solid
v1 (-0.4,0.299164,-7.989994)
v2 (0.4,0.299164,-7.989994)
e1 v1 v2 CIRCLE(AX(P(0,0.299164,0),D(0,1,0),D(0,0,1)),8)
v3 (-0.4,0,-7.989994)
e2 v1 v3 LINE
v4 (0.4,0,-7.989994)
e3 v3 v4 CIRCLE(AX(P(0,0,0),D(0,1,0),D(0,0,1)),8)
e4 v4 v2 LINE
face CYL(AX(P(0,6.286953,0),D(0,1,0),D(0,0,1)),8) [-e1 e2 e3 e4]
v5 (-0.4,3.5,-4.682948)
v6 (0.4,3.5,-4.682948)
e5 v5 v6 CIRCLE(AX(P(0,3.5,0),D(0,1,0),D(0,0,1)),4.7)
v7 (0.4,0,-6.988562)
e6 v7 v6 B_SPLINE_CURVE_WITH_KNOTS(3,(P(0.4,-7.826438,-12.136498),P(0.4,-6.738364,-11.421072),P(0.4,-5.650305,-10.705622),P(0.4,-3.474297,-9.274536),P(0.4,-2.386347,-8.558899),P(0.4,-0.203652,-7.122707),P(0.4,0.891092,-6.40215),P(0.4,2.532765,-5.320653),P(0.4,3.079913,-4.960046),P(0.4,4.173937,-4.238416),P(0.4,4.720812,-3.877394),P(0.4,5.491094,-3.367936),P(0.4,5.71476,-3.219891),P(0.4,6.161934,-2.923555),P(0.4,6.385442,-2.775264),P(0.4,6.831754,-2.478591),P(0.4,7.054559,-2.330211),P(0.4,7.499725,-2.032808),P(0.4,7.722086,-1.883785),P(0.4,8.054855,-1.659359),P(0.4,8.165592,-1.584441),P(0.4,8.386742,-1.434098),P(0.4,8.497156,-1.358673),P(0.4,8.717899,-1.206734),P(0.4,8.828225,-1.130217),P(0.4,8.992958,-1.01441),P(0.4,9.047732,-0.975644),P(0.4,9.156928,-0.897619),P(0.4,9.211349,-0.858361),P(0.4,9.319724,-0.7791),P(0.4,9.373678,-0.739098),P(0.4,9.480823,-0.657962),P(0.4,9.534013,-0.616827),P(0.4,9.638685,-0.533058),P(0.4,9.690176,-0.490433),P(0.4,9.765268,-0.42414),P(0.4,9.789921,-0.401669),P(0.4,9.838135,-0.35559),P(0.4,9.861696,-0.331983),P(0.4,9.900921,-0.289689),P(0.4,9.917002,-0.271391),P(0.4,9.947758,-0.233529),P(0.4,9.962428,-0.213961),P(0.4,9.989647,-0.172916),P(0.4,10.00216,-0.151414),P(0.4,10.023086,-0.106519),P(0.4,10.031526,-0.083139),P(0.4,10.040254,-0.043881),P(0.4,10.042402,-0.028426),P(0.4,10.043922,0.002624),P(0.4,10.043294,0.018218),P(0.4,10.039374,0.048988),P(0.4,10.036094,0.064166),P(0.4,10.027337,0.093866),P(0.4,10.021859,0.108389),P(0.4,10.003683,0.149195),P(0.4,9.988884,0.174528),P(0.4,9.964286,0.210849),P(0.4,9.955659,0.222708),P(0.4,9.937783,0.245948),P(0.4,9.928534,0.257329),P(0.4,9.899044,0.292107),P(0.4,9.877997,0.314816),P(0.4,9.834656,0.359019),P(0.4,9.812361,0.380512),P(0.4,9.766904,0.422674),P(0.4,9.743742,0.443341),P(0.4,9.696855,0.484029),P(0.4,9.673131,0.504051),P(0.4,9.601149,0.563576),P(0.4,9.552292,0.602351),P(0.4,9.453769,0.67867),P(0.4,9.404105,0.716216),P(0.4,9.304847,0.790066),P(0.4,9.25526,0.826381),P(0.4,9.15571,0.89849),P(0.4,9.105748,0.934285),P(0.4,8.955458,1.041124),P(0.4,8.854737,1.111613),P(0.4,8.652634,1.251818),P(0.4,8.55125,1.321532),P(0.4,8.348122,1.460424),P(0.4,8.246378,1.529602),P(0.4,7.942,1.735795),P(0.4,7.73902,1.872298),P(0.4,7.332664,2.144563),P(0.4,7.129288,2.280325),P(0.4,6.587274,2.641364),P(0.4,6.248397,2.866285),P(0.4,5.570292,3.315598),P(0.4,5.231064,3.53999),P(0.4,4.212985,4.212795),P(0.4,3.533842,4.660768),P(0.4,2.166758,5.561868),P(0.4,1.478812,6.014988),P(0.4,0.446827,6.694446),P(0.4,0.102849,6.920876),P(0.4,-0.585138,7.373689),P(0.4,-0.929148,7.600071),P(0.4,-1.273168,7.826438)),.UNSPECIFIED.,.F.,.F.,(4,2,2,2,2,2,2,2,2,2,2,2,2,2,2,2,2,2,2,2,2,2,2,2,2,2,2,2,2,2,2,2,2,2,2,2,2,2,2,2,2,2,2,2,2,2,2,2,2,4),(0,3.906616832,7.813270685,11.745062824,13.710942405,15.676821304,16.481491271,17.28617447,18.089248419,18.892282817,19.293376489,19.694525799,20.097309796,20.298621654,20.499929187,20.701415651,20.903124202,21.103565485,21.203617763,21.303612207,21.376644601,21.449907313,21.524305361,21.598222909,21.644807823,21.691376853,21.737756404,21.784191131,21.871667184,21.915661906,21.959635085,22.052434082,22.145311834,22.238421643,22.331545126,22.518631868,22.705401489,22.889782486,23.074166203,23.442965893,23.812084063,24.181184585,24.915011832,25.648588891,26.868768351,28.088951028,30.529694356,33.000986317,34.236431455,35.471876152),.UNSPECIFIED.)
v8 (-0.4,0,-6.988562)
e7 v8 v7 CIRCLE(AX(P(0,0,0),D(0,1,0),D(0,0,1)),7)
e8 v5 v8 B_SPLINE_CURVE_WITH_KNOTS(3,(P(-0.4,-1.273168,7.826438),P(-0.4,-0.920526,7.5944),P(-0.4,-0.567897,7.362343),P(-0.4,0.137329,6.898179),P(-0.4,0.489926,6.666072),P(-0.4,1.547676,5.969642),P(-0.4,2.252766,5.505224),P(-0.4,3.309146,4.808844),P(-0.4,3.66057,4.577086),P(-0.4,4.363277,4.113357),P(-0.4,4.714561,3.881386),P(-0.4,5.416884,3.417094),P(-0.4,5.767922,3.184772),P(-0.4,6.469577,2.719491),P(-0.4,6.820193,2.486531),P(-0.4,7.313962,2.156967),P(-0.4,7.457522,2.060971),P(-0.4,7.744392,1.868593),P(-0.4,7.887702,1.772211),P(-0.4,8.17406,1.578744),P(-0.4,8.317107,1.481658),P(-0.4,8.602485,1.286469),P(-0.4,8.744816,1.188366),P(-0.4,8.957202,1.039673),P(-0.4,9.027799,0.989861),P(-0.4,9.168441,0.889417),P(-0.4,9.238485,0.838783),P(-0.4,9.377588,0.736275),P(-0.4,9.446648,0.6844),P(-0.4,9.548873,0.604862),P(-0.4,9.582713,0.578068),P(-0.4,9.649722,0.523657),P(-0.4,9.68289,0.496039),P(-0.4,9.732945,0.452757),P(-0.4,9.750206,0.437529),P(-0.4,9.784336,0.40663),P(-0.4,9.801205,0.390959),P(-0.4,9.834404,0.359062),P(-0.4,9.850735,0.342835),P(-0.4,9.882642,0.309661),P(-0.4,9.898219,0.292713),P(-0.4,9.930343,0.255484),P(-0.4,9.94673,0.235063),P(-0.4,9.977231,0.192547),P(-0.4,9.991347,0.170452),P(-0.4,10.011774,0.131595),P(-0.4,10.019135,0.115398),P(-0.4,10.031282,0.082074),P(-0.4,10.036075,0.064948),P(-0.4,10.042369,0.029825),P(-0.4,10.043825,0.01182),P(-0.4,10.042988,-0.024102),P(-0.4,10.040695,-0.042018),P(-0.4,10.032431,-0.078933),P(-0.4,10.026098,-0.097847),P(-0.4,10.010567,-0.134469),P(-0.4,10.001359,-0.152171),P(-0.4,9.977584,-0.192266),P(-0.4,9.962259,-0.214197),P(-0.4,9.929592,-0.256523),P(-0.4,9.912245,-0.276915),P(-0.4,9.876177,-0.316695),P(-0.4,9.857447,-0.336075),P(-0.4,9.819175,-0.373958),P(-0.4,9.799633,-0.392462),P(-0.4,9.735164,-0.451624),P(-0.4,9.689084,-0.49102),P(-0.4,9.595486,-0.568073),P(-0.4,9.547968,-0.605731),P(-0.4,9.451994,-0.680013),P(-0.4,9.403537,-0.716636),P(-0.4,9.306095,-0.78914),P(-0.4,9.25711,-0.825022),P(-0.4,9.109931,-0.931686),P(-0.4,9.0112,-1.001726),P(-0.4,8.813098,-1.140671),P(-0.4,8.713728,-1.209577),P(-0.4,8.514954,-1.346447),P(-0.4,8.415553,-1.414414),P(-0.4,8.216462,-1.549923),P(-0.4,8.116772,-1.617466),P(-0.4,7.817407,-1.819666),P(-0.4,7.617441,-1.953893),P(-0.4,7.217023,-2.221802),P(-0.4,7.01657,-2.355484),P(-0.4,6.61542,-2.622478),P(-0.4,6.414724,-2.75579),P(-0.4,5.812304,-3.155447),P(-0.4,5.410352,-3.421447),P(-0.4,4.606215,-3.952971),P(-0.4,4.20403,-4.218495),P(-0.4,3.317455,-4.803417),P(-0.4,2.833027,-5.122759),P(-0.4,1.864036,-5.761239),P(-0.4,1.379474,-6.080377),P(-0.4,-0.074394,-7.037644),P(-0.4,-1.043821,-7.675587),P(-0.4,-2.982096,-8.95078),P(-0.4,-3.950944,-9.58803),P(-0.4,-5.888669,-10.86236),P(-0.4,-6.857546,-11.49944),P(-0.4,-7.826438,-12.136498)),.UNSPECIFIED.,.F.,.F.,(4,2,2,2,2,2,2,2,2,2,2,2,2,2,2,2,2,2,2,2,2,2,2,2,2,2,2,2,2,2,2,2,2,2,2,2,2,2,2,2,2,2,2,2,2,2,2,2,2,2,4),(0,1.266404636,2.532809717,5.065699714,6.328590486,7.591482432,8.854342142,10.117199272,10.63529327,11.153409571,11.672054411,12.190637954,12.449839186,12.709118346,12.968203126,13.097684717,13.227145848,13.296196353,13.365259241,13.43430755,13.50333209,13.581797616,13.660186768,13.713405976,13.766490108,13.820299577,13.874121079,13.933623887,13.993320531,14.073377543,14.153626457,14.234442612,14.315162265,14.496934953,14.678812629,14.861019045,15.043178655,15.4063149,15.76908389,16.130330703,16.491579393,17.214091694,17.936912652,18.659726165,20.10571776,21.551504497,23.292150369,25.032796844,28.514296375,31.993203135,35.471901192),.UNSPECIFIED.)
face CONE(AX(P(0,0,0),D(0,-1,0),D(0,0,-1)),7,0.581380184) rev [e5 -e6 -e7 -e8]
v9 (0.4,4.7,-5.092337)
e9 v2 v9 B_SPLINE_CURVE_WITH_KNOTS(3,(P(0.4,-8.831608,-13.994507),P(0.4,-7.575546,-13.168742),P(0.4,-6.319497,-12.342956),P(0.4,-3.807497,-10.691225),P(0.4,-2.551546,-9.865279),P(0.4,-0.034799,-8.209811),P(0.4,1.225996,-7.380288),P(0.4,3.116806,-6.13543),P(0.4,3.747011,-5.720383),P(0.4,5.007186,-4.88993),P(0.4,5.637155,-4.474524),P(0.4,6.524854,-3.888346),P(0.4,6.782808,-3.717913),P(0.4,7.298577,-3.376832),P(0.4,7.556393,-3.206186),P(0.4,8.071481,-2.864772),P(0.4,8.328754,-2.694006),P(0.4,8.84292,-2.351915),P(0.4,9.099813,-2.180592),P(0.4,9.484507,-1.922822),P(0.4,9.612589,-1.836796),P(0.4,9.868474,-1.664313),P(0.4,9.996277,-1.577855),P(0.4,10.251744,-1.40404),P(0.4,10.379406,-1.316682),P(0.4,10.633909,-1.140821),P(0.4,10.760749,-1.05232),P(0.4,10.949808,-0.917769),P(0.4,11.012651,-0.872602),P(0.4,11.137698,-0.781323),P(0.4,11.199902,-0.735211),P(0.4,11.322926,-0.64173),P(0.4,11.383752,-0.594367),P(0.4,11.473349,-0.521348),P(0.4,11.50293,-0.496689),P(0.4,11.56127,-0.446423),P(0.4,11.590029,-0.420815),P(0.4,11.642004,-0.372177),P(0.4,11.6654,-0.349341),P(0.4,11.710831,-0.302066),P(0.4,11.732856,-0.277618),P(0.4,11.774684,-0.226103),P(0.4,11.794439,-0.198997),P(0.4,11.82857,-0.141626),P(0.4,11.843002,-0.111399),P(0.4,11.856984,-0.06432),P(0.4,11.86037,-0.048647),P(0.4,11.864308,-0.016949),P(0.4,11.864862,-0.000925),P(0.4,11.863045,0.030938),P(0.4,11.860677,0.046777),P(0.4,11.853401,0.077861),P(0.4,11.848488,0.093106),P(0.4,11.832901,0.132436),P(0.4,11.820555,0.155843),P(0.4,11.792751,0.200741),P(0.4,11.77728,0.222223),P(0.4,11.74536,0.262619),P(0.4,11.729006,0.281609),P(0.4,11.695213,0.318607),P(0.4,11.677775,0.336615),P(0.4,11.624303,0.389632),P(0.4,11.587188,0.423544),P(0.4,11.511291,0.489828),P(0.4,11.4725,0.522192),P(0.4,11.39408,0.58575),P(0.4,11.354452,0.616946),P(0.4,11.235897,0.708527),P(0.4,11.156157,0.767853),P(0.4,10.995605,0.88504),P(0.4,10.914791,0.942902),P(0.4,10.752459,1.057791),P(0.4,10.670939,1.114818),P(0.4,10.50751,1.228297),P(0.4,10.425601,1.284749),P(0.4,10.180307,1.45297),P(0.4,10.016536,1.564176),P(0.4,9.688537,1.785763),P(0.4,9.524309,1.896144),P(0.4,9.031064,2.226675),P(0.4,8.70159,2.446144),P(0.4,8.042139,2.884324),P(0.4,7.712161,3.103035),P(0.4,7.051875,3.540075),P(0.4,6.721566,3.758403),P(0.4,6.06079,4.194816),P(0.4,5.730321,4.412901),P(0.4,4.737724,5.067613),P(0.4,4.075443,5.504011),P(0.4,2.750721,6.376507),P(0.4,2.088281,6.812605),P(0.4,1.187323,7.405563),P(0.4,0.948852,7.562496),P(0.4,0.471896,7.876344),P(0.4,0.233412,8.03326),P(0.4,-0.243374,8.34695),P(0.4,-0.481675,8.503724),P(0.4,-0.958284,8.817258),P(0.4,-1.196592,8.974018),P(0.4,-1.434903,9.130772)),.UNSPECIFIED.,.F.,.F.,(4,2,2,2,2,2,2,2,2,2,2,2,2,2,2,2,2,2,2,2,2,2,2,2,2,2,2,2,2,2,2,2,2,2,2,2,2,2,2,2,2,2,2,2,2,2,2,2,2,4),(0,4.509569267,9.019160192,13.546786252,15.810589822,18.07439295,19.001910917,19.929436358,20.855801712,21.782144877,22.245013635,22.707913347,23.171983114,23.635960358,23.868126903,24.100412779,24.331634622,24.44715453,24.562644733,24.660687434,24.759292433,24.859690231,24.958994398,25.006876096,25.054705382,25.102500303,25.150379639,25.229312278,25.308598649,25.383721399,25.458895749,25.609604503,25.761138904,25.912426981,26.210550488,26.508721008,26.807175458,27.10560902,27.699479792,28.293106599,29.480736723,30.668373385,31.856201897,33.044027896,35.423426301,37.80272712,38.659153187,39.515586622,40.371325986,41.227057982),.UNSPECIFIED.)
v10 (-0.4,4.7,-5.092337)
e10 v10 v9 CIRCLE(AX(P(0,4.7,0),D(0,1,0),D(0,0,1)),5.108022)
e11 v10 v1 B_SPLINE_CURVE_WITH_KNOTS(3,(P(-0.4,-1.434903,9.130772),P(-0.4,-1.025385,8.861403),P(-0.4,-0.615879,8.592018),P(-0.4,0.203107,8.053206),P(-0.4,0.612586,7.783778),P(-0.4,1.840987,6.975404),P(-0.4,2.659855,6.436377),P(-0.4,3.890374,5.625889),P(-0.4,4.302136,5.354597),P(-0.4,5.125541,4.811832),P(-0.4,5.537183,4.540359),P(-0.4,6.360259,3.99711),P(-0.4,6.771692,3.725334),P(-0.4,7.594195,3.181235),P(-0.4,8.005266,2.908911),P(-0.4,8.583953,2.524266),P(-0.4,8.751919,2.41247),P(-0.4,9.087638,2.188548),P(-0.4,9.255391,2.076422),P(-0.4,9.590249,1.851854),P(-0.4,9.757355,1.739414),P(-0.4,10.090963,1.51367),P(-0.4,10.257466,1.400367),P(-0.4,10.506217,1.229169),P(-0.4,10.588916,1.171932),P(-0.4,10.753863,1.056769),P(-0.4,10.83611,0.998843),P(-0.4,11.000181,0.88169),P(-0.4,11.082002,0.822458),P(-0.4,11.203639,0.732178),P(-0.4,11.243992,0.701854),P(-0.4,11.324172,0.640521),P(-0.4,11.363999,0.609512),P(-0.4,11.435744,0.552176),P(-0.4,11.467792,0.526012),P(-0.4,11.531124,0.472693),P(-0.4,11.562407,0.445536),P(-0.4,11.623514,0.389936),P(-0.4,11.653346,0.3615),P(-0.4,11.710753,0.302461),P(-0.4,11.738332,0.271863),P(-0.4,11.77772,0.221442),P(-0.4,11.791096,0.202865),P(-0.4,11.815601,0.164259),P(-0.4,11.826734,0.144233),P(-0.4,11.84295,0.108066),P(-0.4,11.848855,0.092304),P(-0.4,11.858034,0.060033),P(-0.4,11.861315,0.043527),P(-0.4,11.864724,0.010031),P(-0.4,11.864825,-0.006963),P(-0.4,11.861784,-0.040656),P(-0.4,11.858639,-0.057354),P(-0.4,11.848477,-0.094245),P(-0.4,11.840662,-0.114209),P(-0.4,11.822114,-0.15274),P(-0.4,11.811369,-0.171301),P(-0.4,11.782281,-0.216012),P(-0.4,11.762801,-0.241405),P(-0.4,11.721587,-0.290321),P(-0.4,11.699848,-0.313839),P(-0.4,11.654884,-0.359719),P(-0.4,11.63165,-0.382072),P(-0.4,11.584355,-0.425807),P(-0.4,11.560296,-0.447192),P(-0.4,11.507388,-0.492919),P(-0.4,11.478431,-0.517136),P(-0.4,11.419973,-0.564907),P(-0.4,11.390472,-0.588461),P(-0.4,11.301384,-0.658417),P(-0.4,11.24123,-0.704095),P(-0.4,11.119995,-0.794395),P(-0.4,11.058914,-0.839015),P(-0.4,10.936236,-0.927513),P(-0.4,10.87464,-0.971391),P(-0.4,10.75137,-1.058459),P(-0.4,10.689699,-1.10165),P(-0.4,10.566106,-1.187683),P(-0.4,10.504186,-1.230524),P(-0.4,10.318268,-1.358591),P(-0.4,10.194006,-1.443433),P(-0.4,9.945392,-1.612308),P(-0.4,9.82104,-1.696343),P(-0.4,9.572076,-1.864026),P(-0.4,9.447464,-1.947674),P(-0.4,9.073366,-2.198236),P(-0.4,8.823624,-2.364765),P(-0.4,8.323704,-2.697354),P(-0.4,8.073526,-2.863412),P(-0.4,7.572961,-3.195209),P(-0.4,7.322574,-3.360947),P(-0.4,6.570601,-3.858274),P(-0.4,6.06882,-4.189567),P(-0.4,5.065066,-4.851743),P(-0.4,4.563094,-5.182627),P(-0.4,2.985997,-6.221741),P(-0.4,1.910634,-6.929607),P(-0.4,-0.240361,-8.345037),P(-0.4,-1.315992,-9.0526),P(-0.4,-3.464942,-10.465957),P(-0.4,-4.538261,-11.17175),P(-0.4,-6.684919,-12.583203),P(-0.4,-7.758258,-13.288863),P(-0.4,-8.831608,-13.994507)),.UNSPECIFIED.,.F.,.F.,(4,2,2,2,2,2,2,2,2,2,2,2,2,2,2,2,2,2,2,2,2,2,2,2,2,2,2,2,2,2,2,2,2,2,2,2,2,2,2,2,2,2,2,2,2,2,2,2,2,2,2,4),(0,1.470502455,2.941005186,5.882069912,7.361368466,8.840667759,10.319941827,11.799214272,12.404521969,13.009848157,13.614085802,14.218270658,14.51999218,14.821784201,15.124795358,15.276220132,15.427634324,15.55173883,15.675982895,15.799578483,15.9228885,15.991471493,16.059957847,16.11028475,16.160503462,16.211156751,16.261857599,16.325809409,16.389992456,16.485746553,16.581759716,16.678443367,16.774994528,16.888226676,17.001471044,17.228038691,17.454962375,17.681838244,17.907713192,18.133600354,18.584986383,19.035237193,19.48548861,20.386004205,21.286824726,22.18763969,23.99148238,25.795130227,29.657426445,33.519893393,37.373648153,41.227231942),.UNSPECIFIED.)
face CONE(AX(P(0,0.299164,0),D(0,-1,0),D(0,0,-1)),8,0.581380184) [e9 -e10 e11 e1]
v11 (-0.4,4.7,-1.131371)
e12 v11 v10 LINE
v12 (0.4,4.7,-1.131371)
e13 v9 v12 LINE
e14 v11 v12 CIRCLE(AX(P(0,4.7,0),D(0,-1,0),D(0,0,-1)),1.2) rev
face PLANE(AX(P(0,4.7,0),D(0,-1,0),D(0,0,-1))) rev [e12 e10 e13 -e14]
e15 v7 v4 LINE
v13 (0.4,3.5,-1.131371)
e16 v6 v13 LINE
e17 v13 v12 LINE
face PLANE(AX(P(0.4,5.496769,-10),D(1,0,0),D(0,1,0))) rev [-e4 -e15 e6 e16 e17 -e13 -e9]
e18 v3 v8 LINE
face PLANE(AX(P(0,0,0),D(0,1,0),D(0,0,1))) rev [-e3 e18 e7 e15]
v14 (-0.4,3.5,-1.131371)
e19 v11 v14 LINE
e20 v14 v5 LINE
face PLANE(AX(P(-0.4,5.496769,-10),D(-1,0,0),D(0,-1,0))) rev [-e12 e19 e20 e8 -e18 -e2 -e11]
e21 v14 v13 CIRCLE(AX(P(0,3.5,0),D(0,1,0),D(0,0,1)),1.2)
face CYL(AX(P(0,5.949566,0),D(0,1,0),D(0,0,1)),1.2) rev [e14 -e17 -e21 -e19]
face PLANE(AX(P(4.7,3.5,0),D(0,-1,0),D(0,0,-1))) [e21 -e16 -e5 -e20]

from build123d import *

# Parameters (mm, degrees)
SKETCH_4_W          = 0.8
SKETCH_4_H          = 5.94447729
CUT_EXTRUDE_1_DEPTH = 10


with BuildPart() as part:
    # 草图2 → 旋转1 (revolve)
    with BuildSketch(Plane.XY, mode=Mode.PRIVATE) as revolve_1_sk:
        Polygon((0, 0), (8, 0), (8, 0.299164486), (5.108022377, 4.7), (0, 4.7), align=None)
    revolve(revolve_1_sk.sketch.rotate(Axis((0, 6.286953345, 0), (0, -1, 0)), 90), axis=Axis((0, 6.286953345, 0), (0, -1, 0)))

    # 草图3 → 切除-旋转1 (revolve, cut)
    with BuildSketch(Plane.XY, mode=Mode.PRIVATE) as cut_revolve_1_sk:
        Polygon((1.2, 3.5), (1.2, 6.5), (0, 6.5), (0, 0), (7, 0), (4.7, 3.5), align=None)
    revolve(cut_revolve_1_sk.sketch.rotate(Axis((0, 5.949565502, 0), (0, -1, 0)), 90), axis=Axis((0, 5.949565502, 0), (0, -1, 0)), mode=Mode.SUBTRACT)

    # 草图4 → 切除-拉伸1 (cut)
    with BuildSketch(Plane.XY):
        with Locations((0, 2.524530629)):
            Rectangle(SKETCH_4_W, SKETCH_4_H)
    extrude(amount=-CUT_EXTRUDE_1_DEPTH, mode=Mode.SUBTRACT)


solid = part.part
